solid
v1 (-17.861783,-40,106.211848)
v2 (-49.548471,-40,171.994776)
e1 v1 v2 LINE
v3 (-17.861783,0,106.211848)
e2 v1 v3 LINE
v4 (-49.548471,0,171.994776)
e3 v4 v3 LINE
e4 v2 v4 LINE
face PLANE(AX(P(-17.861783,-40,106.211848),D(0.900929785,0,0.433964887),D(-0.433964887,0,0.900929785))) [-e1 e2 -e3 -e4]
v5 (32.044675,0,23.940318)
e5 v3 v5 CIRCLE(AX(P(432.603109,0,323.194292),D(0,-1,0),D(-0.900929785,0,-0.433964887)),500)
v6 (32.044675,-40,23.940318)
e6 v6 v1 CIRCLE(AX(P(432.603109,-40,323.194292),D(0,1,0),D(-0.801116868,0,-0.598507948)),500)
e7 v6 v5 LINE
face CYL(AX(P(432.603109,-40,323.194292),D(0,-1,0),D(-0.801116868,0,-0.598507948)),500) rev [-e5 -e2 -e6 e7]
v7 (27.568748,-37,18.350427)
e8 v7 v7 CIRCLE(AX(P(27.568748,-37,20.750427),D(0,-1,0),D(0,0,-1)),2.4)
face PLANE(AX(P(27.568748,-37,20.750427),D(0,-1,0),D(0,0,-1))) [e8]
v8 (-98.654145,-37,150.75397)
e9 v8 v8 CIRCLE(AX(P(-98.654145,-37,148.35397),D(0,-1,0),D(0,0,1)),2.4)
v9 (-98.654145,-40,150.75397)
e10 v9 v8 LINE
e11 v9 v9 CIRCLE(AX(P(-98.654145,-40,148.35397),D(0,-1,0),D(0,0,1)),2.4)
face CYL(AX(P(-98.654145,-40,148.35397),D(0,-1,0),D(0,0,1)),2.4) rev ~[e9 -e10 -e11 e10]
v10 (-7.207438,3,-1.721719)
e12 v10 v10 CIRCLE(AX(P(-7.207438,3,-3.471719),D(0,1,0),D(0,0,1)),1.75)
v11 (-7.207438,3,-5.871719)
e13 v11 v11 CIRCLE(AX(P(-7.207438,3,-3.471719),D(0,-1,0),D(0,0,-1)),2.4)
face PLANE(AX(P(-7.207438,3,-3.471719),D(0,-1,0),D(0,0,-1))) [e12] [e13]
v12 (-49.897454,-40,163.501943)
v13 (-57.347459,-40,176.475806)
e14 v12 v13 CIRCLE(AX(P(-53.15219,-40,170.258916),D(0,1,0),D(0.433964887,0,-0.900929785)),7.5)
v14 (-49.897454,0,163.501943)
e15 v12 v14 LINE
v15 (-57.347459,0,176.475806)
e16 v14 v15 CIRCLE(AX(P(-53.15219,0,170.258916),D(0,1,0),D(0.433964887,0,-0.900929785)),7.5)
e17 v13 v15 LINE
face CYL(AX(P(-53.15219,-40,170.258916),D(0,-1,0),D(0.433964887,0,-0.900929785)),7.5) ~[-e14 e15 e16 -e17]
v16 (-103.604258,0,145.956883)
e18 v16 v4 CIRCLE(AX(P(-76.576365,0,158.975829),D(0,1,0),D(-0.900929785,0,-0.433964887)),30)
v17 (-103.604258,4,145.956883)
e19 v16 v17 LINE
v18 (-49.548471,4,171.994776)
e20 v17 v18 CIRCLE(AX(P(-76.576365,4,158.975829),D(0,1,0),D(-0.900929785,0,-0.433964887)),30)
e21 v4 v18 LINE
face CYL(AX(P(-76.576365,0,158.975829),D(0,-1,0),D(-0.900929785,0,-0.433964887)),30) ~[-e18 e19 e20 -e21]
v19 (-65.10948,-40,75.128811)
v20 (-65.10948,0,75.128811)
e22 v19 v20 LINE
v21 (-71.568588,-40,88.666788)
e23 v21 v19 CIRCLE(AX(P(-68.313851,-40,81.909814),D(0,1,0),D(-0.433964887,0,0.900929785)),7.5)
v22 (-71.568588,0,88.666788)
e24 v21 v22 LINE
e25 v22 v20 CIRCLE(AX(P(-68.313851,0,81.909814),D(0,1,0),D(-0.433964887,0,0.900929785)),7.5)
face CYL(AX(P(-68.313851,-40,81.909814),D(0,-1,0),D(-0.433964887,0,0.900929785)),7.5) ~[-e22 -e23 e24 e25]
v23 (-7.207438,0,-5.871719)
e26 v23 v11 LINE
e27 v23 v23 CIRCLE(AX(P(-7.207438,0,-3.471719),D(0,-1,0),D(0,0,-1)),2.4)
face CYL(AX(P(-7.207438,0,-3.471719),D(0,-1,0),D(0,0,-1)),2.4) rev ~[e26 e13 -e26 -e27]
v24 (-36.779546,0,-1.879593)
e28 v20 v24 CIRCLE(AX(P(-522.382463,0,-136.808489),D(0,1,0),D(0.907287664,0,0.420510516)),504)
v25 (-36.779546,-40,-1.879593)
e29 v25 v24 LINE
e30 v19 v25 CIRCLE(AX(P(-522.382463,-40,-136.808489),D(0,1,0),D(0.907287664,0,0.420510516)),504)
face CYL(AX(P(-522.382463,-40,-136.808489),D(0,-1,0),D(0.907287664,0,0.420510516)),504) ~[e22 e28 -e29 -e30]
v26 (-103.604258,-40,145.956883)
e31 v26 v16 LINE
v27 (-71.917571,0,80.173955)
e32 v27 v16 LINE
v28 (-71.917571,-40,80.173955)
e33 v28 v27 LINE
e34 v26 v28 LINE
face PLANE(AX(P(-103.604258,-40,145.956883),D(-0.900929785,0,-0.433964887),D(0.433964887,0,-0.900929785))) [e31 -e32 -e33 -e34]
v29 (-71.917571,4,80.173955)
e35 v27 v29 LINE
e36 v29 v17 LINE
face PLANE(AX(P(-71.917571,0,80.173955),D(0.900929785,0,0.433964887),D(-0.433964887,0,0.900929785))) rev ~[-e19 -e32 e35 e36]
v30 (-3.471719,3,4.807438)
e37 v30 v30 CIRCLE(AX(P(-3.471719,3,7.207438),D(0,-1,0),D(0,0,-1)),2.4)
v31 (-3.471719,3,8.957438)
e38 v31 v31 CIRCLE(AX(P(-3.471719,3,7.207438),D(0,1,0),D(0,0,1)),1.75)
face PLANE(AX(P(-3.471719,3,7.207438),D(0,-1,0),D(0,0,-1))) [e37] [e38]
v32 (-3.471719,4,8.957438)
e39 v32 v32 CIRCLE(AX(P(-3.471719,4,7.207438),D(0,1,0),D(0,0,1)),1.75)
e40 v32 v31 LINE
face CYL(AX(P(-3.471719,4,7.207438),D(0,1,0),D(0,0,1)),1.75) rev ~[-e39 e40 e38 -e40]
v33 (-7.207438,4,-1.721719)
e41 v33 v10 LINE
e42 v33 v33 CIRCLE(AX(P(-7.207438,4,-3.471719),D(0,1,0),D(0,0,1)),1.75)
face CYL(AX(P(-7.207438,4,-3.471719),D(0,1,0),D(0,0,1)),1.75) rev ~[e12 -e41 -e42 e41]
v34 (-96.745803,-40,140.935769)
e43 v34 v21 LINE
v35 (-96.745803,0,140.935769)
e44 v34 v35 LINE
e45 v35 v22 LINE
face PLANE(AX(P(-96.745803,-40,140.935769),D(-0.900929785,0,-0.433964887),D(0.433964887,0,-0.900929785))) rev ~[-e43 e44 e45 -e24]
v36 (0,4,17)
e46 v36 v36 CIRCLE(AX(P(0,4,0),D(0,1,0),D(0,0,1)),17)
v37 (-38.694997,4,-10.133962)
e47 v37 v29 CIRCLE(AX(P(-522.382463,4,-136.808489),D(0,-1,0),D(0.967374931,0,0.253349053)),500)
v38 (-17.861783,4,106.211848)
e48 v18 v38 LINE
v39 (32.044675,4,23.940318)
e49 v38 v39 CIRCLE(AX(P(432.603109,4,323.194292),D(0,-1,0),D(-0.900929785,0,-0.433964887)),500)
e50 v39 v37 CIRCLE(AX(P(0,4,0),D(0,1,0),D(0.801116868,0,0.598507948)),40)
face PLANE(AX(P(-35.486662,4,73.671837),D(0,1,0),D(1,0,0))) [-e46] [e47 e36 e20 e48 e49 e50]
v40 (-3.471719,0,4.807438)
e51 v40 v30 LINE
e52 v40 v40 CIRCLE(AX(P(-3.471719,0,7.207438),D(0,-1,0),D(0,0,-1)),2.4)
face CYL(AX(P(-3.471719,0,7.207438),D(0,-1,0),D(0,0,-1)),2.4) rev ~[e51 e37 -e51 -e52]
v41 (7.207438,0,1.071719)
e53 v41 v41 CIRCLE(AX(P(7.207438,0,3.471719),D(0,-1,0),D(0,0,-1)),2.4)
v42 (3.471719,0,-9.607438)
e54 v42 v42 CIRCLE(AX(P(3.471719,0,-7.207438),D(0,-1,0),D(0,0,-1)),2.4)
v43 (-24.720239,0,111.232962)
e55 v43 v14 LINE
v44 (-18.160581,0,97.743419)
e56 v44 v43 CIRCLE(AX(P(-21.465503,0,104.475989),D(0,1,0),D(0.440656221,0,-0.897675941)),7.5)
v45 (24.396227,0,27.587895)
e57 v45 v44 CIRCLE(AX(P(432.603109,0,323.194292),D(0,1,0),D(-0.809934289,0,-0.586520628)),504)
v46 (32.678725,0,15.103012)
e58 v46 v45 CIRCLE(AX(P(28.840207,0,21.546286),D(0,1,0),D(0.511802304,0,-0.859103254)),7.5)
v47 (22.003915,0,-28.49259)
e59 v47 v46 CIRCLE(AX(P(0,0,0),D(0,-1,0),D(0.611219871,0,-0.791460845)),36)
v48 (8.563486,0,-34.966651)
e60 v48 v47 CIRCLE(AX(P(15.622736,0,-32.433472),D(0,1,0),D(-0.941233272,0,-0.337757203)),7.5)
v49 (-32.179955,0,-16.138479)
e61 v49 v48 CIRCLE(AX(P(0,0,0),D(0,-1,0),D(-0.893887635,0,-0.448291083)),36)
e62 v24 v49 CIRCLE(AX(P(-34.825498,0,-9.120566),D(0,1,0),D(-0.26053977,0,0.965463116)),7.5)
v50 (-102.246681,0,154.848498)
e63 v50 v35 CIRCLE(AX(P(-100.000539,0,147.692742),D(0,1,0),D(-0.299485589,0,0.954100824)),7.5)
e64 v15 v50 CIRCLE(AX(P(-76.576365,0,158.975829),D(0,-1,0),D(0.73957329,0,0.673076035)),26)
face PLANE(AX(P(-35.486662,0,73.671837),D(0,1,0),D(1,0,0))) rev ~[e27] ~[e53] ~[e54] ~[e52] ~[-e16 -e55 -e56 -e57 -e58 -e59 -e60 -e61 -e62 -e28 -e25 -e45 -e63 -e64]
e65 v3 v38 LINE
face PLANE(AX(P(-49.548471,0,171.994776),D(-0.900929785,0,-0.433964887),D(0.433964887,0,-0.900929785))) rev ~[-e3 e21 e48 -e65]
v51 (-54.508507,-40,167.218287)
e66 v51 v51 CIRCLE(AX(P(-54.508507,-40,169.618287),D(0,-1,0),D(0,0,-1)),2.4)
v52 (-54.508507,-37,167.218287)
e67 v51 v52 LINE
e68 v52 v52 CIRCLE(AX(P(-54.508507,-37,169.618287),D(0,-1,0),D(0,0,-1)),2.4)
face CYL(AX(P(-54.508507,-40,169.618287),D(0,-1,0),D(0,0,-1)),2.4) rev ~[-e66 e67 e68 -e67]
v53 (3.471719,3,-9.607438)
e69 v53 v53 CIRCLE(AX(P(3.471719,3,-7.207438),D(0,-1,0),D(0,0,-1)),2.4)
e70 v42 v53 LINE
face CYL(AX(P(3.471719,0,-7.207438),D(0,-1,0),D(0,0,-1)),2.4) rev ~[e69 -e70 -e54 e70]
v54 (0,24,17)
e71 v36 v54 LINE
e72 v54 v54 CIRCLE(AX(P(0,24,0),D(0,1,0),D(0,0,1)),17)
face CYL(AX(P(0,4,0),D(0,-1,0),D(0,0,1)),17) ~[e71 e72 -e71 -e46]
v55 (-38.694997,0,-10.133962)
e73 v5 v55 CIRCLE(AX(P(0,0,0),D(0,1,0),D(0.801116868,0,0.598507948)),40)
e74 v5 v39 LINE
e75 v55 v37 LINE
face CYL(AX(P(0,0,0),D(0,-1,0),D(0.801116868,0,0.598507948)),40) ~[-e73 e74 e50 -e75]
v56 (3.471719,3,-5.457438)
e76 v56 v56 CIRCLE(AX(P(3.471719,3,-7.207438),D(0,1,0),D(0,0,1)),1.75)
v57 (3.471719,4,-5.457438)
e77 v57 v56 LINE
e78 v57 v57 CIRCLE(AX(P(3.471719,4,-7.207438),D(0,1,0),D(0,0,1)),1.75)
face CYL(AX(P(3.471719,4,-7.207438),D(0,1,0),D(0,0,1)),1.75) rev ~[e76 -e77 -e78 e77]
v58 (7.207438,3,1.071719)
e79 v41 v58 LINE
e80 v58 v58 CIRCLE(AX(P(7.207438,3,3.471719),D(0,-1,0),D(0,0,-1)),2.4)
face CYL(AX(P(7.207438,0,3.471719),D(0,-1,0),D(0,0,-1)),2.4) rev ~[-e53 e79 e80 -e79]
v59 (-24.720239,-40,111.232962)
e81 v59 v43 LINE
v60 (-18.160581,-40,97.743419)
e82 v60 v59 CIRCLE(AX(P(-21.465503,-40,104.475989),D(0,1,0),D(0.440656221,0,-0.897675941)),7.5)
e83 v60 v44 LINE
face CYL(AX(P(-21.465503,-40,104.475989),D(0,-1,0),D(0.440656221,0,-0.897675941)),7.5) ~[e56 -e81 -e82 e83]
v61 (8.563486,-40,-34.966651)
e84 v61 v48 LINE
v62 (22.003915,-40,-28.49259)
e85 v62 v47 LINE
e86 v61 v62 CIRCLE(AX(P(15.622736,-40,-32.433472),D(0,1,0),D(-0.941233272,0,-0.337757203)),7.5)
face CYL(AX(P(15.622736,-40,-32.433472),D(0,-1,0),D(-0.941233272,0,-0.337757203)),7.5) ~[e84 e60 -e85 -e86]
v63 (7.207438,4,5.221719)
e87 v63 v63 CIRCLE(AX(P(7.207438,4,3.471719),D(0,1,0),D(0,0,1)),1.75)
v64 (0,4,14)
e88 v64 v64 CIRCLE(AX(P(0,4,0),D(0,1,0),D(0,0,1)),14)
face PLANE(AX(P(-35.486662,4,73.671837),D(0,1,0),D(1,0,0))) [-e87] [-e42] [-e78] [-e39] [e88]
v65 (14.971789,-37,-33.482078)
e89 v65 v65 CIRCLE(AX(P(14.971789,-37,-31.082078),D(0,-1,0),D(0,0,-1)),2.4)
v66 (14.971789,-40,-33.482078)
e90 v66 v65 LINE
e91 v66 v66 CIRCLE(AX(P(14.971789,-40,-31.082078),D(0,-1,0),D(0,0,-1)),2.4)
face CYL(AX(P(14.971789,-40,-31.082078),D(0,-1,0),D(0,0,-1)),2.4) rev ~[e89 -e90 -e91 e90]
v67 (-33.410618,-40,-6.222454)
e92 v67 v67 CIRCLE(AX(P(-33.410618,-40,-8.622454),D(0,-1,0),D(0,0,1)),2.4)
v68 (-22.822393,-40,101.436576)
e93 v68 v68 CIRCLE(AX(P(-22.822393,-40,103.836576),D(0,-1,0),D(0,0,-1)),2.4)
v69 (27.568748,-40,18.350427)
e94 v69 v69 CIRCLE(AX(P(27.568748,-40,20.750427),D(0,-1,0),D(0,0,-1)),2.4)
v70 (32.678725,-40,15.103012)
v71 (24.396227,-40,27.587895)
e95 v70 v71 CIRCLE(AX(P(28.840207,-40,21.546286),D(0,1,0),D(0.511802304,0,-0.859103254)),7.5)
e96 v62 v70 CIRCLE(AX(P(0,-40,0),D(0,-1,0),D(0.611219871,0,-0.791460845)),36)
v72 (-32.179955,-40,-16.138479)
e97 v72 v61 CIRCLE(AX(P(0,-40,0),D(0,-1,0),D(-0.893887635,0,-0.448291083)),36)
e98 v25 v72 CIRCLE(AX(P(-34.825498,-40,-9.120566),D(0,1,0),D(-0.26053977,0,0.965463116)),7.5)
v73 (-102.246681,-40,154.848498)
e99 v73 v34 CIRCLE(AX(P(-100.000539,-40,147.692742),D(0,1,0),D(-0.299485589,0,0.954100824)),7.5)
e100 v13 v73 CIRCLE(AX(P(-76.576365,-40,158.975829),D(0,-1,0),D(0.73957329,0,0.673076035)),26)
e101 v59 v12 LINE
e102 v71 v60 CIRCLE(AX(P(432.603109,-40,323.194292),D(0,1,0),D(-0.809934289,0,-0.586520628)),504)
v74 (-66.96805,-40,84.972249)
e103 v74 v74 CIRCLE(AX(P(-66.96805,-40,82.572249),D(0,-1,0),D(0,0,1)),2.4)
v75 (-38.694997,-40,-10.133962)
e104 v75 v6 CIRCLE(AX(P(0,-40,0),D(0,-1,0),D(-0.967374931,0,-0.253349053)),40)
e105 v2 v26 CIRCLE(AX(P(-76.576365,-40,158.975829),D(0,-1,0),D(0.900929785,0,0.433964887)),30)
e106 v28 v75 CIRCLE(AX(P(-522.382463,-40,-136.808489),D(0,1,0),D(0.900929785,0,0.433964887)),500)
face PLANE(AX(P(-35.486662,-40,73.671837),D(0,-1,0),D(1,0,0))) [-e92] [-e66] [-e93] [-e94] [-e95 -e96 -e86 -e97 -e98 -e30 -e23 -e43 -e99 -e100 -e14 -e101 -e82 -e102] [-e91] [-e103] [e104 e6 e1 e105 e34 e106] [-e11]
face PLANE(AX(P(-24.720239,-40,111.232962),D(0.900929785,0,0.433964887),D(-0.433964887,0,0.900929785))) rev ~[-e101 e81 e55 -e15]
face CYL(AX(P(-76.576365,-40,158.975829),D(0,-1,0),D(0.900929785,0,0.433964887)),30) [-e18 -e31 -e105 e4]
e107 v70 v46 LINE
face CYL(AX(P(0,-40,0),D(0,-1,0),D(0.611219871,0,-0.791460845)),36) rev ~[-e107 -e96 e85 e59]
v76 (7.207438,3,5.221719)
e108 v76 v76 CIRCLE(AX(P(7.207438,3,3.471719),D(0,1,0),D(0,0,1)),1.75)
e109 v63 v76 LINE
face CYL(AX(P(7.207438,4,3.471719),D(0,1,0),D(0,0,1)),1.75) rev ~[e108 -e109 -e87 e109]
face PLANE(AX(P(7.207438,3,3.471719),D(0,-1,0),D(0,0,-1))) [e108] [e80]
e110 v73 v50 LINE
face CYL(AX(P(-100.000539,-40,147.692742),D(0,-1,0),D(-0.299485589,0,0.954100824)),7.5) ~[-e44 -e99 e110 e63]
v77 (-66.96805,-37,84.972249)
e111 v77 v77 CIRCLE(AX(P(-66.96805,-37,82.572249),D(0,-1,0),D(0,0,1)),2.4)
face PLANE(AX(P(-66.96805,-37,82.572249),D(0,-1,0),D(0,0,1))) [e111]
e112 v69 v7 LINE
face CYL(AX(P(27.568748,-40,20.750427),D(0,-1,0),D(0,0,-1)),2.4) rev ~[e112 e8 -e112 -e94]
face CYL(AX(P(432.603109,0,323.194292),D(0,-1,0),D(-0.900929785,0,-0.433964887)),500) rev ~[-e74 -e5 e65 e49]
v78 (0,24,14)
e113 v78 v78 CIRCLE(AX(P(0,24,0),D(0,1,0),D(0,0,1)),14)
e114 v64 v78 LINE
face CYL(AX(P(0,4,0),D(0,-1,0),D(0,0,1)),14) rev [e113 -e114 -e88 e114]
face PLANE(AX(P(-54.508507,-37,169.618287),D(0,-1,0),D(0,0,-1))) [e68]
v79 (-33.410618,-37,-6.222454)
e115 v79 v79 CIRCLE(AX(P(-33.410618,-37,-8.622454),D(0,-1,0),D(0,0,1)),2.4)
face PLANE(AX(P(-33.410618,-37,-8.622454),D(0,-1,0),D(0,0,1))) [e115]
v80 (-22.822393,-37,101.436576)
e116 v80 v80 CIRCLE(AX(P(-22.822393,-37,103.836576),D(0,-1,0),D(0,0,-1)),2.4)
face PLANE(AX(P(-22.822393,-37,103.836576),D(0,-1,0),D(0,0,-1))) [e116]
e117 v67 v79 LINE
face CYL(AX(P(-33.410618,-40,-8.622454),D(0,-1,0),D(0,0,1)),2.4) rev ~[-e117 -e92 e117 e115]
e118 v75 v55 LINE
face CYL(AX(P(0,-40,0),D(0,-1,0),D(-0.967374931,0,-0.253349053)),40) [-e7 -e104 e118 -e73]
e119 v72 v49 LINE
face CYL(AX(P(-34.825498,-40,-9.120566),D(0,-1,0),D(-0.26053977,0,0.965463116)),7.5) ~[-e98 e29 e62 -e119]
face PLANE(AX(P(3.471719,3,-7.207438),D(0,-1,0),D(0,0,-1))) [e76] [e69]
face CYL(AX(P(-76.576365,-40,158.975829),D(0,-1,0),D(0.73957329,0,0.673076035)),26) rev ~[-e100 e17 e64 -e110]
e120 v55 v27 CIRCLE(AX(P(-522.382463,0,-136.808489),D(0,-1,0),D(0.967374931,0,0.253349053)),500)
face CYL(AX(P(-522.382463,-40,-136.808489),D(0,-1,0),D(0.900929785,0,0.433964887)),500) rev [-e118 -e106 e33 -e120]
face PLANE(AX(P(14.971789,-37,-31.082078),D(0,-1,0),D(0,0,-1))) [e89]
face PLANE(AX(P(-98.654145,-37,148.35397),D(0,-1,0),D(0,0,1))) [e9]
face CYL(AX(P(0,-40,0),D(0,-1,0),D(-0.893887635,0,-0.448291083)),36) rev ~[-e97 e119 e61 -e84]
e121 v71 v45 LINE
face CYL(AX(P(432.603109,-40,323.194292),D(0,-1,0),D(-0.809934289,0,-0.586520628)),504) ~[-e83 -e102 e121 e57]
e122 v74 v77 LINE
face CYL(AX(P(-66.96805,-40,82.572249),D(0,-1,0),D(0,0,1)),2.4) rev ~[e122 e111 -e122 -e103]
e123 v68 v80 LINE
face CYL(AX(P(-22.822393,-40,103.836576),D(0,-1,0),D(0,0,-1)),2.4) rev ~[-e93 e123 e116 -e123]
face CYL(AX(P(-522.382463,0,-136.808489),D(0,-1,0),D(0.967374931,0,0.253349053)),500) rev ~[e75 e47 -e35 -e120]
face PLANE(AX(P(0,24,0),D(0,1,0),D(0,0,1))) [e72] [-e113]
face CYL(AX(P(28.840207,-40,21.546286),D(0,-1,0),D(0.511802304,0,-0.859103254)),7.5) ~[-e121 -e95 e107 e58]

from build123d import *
from build123d.topology import SkipClean

# Parameters (mm, degrees)
EXTRUDE_1_DEPTH     = 4
SKETCH_4_R          = 17
SKETCH_4_R_2        = 14
EXTRUDE_2_DEPTH     = 20
SKETCH_5_R          = 1.75
CUT_EXTRUDE_1_DEPTH = 20
SKETCH_6_R          = 2.4
CUT_EXTRUDE_2_DEPTH = 3
EXTRUDE_START       = 40
EXTRUDE_5_DEPTH     = 40
SKETCH_12_R         = 2.4
CUT_EXTRUDE_3_DEPTH = 3


with BuildPart() as part:
    # 草图1 → 凸台-拉伸1 (new body)
    with BuildSketch(Plane(origin=(0, 0, 0), x_dir=(1, 0, 0), z_dir=(0, 1, 0))):
        with BuildLine():
            Line((-71.917570517, -80.173954941), (-103.604258307, -145.956882654))
            ThreePointArc((-103.604258307, -145.956882654), (-89.595311386, -186.003722806), (-49.548471234, -171.994775885))
            Line((-49.548471234, -171.994775885), (-17.861783444, -106.211848172))
            ThreePointArc((-17.861783444, -106.211848172), (5.107697531, -63.872728225), (32.044674728, -23.940317909))
            ThreePointArc((32.044674728, -23.940317909), (17.358595487, 36.037191382), (-38.694997244, 10.133962122))
            ThreePointArc((-38.694997244, 10.133962122), (-53.128760753, -35.82106595), (-71.917570517, -80.173954941))
        make_face()
    extrude(amount=EXTRUDE_1_DEPTH)

    # 草图4 → 凸台-拉伸2 (add)
    with BuildSketch(Plane(origin=(0, 4, 0), x_dir=(1, 0, 0), z_dir=(0, 1, 0))):
        with Locations(Location((0, 0, 0), (0, 0, 270))):
            Circle(SKETCH_4_R)
        with Locations(Location((0, 0, 0), (0, 0, 270))):
            Circle(SKETCH_4_R_2, mode=Mode.SUBTRACT)
    extrude(amount=EXTRUDE_2_DEPTH)

    # 草图5 → 切除-拉伸1 (cut)
    with BuildSketch(Plane(origin=(0, 4, 0), x_dir=(1, 0, 0), z_dir=(0, 1, 0))):
        with Locations(Location((3.471719097, 7.207438276, 0), (0, 0, 270))):
            Circle(SKETCH_5_R)
        with Locations(Location((7.207438276, -3.471719097, 0), (0, 0, 270))):
            Circle(SKETCH_5_R)
        with Locations(Location((-3.471719097, -7.207438276, 0), (0, 0, 270))):
            Circle(SKETCH_5_R)
        with Locations(Location((-7.207438276, 3.471719097, 0), (0, 0, 270))):
            Circle(SKETCH_5_R)
    extrude(amount=-CUT_EXTRUDE_1_DEPTH, mode=Mode.SUBTRACT)

    # 草图6 → 切除-拉伸2 (cut)
    with BuildSketch(Plane.XZ):
        with Locations(Location((-3.471719097, 7.207438276, 0), (0, 0, 270))):
            Circle(SKETCH_6_R)
        with Locations(Location((7.207438276, 3.471719097, 0), (0, 0, 270))):
            Circle(SKETCH_6_R)
        with Locations(Location((3.471719097, -7.207438276, 0), (0, 0, 270))):
            Circle(SKETCH_6_R)
        with Locations(Location((-7.207438276, -3.471719097, 0), (0, 0, 270))):
            Circle(SKETCH_6_R)
    extrude(amount=-CUT_EXTRUDE_2_DEPTH, mode=Mode.SUBTRACT)

    # 草图11 → 凸台-拉伸5 (add)
    with SkipClean():  # the faces are left unmerged after this step: merging them gives an invalid solid
        with BuildSketch(Plane.XZ.offset(EXTRUDE_START)):
            with BuildLine():
                Line((-103.604258307, 145.956882654), (-71.917570517, 80.173954941))
                ThreePointArc((-71.917570517, 80.173954941), (-53.128760753, 35.82106595), (-38.694997244, -10.133962122))
                ThreePointArc((-38.694997244, -10.133962122), (17.358595487, -36.037191382), (32.044674728, 23.940317909))
                ThreePointArc((32.044674728, 23.940317909), (5.107697531, 63.872728225), (-17.861783444, 106.211848172))
                Line((-17.861783444, 106.211848172), (-49.548471234, 171.994775885))
                ThreePointArc((-49.548471234, 171.994775885), (-89.595311386, 186.003722806), (-103.604258307, 145.956882654))
            make_face()
            with BuildLine():
                Line((-96.745802514, 140.935768818), (-71.568588033, 88.666787874))
                ThreePointArc((-71.568588033, 88.666787874), (-61.544816275, 85.139390897), (-65.109479918, 75.128811353))
                ThreePointArc((-65.109479918, 75.128811353), (-49.374731136, 37.202102387), (-36.779545797, -1.879592541))
                ThreePointArc((-36.779545797, -1.879592541), (-27.687675592, -6.818067672), (-32.179954873, -16.138478998))
                ThreePointArc((-32.179954873, -16.138478998), (-15.10163612, -32.679360252), (8.5634864, -34.966651265))
                ThreePointArc((8.5634864, -34.966651265), (12.367999285, -25.67649886), (22.003915341, -28.492590434))
                ThreePointArc((22.003915341, -28.492590434), (34.967011705, -8.562014508), (32.678724536, 15.10301171))
                ThreePointArc((32.678724536, 15.10301171), (22.590429241, 17.400170493), (24.396227083, 27.587895194))
                ThreePointArc((24.396227083, 27.587895194), (1.68773424, 61.798155716), (-18.160580922, 97.743419068))
                ThreePointArc((-18.160580922, 97.743419068), (-28.210320728, 101.196136769), (-24.720239236, 111.232962008))
                Line((-24.720239236, 111.232962008), (-49.897453718, 163.501942952))
                ThreePointArc((-49.897453718, 163.501942952), (-59.65614547, 166.524138152), (-57.347459227, 176.475806172))
                ThreePointArc((-57.347459227, 176.475806172), (-87.859451837, 182.400003667), (-102.246681086, 154.848498381))
                ThreePointArc((-102.246681086, 154.848498381), (-93.025918977, 150.450399395), (-96.745802514, 140.935768818))
            make_face(mode=Mode.SUBTRACT)
        extrude(amount=-EXTRUDE_5_DEPTH)

    # 草图12 → 切除-拉伸3 (cut)
    with SkipClean():  # the faces are left unmerged after this step: merging them gives an invalid solid
        with BuildSketch(Plane.XZ.offset(40)):
            with Locations(Location((27.568748152, 20.750426991, 0), (0, 0, 270))):
                Circle(SKETCH_12_R)
            with Locations(Location((-22.822392762, 103.836575579, 0), (0, 0, 270))):
                Circle(SKETCH_12_R)
            with Locations(Location((-54.508506622, 169.61828678, 0), (0, 0, 270))):
                Circle(SKETCH_12_R)
            with Locations(Location((14.971788608, -31.082077567, 0), (0, 0, 270))):
                Circle(SKETCH_12_R)
            with Locations(Location((-98.654144553, 148.353969501, 0), (0, 0, 90))):
                Circle(SKETCH_12_R)
            with Locations(Location((-66.96805025, 82.57224888, 0), (0, 0, 90))):
                Circle(SKETCH_12_R)
            with Locations(Location((-33.410617721, -8.62245432, 0), (0, 0, 90))):
                Circle(SKETCH_12_R)
        extrude(amount=-CUT_EXTRUDE_3_DEPTH, mode=Mode.SUBTRACT)


solid = part.part
